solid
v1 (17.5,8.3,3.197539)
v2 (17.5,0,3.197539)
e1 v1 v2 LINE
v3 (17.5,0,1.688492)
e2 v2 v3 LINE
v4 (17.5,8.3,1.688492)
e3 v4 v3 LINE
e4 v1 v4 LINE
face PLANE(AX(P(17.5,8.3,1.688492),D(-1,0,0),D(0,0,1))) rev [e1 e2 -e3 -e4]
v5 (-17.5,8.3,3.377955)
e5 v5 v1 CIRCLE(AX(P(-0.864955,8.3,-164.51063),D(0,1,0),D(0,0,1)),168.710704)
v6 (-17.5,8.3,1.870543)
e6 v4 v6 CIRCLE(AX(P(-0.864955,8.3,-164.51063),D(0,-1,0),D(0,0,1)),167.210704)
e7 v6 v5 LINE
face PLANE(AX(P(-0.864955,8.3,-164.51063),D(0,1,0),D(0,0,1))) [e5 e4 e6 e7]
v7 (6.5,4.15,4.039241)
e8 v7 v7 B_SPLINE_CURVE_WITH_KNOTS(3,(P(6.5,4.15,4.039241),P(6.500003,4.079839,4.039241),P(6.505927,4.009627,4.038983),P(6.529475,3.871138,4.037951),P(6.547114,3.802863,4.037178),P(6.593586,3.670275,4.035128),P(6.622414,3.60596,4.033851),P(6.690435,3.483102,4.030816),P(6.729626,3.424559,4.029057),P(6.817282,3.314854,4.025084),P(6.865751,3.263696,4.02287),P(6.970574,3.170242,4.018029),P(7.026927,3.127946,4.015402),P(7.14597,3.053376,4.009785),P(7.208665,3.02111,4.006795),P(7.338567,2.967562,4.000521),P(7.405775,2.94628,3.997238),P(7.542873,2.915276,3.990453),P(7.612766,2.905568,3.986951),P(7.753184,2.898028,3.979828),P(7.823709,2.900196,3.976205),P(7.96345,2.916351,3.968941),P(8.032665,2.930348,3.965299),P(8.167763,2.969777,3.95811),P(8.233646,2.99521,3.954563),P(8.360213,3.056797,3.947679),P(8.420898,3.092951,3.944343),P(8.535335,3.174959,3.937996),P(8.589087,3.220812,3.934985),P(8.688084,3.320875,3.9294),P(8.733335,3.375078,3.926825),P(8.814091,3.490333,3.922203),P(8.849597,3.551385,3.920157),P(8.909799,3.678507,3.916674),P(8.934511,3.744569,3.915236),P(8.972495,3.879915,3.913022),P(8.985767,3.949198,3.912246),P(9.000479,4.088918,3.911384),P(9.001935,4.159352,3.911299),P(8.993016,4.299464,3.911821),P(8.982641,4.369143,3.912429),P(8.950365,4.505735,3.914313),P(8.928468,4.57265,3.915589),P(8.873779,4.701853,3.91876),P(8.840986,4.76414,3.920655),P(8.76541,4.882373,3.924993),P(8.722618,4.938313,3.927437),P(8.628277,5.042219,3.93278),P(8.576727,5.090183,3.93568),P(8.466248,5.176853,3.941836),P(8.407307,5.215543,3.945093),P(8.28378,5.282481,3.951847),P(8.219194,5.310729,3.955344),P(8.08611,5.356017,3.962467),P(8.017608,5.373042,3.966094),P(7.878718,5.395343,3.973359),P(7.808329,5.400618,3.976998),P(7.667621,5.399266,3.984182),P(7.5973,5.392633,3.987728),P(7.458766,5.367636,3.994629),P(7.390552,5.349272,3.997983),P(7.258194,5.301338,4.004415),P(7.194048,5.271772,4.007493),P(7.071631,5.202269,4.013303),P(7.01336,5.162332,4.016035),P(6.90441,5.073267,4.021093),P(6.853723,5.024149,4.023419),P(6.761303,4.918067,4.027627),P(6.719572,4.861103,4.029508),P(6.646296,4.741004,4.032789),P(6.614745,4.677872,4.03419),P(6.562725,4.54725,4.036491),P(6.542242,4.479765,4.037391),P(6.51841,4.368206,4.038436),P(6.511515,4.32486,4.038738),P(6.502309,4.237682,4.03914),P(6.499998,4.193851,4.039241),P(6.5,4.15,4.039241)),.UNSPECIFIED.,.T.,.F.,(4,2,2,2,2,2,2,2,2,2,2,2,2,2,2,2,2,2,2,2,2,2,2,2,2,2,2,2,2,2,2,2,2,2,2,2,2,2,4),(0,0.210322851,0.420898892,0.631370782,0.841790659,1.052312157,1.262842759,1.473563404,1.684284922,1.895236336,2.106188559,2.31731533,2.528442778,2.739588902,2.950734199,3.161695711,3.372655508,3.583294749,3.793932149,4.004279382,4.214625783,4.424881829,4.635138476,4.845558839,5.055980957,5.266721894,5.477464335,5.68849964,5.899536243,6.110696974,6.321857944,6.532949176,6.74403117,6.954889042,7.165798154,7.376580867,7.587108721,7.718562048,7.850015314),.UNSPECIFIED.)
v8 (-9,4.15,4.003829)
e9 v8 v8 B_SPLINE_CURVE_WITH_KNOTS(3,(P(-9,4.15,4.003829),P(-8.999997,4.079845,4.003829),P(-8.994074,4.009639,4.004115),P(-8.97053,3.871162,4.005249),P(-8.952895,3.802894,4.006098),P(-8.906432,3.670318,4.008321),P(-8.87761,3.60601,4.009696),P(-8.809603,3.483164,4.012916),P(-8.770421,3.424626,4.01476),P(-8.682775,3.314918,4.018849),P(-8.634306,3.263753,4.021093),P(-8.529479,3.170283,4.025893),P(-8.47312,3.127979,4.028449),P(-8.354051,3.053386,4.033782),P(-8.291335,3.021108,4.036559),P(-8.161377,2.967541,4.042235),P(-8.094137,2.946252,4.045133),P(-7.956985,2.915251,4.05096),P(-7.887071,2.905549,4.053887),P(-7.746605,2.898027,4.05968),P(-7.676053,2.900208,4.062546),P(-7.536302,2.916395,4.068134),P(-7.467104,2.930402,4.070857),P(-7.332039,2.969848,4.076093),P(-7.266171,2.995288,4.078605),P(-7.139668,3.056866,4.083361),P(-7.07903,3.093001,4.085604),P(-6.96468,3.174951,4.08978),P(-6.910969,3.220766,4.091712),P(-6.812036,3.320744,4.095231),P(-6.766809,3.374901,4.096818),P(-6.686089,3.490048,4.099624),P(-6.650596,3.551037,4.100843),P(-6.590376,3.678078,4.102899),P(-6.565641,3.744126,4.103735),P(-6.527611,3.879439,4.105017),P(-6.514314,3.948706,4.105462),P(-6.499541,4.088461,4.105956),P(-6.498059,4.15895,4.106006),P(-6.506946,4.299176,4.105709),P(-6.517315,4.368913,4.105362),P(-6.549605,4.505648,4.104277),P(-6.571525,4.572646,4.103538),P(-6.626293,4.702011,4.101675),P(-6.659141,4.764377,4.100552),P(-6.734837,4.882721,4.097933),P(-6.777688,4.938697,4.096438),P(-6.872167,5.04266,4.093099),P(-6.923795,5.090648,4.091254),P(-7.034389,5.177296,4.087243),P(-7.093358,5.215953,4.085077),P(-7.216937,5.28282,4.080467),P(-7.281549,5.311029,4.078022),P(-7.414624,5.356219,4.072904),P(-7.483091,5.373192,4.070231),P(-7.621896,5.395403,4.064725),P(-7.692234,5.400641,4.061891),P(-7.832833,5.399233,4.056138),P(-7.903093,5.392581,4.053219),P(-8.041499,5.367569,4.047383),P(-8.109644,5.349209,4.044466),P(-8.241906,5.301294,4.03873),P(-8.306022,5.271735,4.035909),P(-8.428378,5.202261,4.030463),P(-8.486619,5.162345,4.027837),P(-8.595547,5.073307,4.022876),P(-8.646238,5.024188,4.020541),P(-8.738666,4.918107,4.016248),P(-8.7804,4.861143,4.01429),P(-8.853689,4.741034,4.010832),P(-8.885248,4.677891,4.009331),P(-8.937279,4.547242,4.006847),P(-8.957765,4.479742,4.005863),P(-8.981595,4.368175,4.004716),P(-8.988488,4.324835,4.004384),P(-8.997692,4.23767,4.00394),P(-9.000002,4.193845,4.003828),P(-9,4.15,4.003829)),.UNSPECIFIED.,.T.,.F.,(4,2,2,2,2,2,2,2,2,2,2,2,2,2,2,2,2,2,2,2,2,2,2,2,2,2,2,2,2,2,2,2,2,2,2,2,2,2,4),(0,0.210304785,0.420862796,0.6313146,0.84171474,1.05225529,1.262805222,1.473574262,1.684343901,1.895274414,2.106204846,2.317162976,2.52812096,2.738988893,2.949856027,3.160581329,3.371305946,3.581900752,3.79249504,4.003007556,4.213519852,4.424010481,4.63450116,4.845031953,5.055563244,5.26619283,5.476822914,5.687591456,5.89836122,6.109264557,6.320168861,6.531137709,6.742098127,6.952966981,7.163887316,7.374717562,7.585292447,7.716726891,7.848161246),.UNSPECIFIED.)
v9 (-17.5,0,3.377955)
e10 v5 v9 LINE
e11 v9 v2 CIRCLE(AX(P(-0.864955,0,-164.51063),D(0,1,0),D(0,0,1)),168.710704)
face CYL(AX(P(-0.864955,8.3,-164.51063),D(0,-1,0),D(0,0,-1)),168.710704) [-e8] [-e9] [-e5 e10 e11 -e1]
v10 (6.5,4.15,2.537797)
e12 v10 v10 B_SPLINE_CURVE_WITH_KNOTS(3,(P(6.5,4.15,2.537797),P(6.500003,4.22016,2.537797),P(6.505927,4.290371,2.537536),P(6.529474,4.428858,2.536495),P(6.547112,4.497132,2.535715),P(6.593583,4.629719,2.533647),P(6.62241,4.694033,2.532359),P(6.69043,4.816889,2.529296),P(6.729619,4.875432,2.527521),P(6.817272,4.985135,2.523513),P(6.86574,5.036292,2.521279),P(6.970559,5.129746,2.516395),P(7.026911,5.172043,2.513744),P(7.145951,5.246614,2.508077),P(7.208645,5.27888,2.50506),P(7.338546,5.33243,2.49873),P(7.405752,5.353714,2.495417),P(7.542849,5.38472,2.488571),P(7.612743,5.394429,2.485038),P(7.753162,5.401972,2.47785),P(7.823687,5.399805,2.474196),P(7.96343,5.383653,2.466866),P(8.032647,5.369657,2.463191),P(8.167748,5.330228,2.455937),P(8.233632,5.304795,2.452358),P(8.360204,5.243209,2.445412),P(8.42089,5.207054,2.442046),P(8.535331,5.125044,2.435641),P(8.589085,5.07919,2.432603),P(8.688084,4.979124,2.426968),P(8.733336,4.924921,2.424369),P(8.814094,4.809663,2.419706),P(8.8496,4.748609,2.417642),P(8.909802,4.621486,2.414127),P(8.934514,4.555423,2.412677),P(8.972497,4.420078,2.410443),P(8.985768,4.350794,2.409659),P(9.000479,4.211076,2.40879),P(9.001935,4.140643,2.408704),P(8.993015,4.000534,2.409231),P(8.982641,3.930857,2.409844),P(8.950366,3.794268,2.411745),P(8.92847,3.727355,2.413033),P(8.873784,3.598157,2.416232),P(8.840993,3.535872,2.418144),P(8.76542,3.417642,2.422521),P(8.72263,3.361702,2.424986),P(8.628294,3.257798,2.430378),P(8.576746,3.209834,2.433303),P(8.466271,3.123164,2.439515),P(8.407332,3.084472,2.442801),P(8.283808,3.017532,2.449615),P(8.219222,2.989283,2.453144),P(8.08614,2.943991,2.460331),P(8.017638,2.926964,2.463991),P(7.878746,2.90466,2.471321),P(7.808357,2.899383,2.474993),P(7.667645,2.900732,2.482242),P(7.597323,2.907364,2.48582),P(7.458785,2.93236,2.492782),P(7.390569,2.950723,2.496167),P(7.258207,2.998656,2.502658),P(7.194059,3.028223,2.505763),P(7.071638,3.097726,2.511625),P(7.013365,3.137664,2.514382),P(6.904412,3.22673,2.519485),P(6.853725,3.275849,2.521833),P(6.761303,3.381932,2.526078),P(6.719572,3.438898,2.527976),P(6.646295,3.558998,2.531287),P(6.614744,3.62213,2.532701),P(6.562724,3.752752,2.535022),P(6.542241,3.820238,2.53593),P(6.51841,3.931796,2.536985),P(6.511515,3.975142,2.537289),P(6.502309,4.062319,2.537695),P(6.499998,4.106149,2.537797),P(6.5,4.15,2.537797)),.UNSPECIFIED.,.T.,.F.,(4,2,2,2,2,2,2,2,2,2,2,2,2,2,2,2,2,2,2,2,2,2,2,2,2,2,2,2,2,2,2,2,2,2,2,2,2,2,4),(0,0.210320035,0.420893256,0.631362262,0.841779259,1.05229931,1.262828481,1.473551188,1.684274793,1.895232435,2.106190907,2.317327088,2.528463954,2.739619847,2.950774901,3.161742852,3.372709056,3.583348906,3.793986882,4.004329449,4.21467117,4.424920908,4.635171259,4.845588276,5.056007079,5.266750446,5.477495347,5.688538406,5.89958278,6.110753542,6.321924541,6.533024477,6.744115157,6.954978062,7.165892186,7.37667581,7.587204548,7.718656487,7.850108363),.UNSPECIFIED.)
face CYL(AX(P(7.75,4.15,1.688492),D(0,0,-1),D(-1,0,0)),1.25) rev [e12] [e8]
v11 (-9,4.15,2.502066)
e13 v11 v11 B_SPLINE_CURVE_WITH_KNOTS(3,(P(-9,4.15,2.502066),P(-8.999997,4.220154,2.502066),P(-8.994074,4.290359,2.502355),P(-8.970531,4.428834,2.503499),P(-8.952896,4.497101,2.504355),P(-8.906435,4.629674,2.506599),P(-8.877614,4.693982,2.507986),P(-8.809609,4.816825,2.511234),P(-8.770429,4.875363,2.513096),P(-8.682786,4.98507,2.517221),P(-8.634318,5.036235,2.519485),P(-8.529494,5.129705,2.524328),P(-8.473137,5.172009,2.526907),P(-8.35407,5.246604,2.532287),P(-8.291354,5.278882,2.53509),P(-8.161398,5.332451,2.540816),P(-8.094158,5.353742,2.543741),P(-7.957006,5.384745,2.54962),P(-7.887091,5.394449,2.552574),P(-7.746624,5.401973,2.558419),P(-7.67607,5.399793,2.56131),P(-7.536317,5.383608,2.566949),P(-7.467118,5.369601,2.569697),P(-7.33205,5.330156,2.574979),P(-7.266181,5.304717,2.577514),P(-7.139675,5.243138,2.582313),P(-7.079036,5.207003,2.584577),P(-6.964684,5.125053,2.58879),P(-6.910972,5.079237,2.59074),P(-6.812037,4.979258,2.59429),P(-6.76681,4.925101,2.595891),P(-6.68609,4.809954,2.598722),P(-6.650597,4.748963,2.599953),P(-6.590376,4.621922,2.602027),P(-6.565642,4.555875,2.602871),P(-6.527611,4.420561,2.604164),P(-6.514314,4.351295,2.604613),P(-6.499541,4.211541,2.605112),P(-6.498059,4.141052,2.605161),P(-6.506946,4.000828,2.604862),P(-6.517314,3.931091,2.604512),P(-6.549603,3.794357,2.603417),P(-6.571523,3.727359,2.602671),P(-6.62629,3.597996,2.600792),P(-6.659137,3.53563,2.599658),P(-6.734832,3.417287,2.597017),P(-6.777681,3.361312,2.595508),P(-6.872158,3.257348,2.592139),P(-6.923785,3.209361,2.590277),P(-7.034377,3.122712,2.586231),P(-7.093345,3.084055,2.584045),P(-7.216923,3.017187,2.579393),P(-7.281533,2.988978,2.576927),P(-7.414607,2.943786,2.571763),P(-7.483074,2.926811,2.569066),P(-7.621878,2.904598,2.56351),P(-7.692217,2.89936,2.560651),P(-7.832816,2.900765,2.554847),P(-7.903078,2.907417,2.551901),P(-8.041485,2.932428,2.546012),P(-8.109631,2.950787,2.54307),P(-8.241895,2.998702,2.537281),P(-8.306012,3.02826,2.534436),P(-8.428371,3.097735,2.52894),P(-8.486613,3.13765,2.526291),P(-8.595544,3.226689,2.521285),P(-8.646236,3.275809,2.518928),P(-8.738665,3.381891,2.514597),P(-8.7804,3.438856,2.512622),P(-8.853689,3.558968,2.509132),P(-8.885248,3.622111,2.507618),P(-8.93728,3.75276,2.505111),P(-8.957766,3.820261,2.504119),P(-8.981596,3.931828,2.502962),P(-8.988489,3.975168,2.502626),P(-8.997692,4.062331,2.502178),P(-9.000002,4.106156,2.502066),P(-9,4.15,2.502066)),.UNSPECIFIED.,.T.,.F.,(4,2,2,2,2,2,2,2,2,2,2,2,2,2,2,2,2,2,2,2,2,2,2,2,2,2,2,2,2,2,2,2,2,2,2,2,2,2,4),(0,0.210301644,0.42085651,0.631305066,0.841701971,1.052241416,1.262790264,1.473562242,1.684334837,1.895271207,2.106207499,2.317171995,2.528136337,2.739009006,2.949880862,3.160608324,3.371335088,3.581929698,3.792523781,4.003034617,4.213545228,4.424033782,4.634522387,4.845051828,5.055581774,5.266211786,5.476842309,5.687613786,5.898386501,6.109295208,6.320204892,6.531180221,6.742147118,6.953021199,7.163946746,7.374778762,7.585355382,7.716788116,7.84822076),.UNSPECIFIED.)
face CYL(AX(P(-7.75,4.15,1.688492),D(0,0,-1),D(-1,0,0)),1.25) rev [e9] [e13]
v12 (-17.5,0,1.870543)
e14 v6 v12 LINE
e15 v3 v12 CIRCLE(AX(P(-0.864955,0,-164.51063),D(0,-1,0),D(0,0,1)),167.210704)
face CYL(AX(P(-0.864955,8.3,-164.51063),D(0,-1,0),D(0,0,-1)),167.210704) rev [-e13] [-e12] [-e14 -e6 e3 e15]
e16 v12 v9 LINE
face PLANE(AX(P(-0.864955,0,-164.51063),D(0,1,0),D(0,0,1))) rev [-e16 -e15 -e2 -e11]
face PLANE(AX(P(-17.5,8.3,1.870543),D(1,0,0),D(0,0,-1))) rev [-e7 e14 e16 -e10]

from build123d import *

# Parameters (mm, degrees)
BOSS_EXTRUDE1_DEPTH     = 8.3
SKETCH2_R               = 1.25
CUT_EXTRUDE1_DEPTH      = 5.200074126
CUT_EXTRUDE1_DEPTH_BACK = 1


with BuildPart() as part:
    # Sketch1 → Boss-Extrude1 (new body)
    with BuildSketch(Plane(origin=(0, 0, 0), x_dir=(1, 0, 0), z_dir=(0, 1, 0))):
        with BuildLine():
            Line((17.5, -1.688491505), (17.5, -3.197539453))
            ThreePointArc((17.5, -3.197539453), (0.004691245, -4.197832745), (-17.5, -3.377955009))
            Line((-17.5, -3.377955009), (-17.5, -1.870543406))
            ThreePointArc((-17.5, -1.870543406), (0.004776494, -2.697812194), (17.5, -1.688491505))
        make_face()
    extrude(amount=BOSS_EXTRUDE1_DEPTH)

    # Sketch2 → Cut-Extrude1 (cut, two sides)
    with BuildSketch(Plane.XY) as cut_extrude1_sk:
        with Locations((-7.75, 4.15)):
            Circle(SKETCH2_R)
        with Locations((7.75, 4.15)):
            Circle(SKETCH2_R)
    extrude(amount=CUT_EXTRUDE1_DEPTH, mode=Mode.SUBTRACT)
    extrude(cut_extrude1_sk.sketch, amount=-CUT_EXTRUDE1_DEPTH_BACK, mode=Mode.SUBTRACT)


solid = part.part
